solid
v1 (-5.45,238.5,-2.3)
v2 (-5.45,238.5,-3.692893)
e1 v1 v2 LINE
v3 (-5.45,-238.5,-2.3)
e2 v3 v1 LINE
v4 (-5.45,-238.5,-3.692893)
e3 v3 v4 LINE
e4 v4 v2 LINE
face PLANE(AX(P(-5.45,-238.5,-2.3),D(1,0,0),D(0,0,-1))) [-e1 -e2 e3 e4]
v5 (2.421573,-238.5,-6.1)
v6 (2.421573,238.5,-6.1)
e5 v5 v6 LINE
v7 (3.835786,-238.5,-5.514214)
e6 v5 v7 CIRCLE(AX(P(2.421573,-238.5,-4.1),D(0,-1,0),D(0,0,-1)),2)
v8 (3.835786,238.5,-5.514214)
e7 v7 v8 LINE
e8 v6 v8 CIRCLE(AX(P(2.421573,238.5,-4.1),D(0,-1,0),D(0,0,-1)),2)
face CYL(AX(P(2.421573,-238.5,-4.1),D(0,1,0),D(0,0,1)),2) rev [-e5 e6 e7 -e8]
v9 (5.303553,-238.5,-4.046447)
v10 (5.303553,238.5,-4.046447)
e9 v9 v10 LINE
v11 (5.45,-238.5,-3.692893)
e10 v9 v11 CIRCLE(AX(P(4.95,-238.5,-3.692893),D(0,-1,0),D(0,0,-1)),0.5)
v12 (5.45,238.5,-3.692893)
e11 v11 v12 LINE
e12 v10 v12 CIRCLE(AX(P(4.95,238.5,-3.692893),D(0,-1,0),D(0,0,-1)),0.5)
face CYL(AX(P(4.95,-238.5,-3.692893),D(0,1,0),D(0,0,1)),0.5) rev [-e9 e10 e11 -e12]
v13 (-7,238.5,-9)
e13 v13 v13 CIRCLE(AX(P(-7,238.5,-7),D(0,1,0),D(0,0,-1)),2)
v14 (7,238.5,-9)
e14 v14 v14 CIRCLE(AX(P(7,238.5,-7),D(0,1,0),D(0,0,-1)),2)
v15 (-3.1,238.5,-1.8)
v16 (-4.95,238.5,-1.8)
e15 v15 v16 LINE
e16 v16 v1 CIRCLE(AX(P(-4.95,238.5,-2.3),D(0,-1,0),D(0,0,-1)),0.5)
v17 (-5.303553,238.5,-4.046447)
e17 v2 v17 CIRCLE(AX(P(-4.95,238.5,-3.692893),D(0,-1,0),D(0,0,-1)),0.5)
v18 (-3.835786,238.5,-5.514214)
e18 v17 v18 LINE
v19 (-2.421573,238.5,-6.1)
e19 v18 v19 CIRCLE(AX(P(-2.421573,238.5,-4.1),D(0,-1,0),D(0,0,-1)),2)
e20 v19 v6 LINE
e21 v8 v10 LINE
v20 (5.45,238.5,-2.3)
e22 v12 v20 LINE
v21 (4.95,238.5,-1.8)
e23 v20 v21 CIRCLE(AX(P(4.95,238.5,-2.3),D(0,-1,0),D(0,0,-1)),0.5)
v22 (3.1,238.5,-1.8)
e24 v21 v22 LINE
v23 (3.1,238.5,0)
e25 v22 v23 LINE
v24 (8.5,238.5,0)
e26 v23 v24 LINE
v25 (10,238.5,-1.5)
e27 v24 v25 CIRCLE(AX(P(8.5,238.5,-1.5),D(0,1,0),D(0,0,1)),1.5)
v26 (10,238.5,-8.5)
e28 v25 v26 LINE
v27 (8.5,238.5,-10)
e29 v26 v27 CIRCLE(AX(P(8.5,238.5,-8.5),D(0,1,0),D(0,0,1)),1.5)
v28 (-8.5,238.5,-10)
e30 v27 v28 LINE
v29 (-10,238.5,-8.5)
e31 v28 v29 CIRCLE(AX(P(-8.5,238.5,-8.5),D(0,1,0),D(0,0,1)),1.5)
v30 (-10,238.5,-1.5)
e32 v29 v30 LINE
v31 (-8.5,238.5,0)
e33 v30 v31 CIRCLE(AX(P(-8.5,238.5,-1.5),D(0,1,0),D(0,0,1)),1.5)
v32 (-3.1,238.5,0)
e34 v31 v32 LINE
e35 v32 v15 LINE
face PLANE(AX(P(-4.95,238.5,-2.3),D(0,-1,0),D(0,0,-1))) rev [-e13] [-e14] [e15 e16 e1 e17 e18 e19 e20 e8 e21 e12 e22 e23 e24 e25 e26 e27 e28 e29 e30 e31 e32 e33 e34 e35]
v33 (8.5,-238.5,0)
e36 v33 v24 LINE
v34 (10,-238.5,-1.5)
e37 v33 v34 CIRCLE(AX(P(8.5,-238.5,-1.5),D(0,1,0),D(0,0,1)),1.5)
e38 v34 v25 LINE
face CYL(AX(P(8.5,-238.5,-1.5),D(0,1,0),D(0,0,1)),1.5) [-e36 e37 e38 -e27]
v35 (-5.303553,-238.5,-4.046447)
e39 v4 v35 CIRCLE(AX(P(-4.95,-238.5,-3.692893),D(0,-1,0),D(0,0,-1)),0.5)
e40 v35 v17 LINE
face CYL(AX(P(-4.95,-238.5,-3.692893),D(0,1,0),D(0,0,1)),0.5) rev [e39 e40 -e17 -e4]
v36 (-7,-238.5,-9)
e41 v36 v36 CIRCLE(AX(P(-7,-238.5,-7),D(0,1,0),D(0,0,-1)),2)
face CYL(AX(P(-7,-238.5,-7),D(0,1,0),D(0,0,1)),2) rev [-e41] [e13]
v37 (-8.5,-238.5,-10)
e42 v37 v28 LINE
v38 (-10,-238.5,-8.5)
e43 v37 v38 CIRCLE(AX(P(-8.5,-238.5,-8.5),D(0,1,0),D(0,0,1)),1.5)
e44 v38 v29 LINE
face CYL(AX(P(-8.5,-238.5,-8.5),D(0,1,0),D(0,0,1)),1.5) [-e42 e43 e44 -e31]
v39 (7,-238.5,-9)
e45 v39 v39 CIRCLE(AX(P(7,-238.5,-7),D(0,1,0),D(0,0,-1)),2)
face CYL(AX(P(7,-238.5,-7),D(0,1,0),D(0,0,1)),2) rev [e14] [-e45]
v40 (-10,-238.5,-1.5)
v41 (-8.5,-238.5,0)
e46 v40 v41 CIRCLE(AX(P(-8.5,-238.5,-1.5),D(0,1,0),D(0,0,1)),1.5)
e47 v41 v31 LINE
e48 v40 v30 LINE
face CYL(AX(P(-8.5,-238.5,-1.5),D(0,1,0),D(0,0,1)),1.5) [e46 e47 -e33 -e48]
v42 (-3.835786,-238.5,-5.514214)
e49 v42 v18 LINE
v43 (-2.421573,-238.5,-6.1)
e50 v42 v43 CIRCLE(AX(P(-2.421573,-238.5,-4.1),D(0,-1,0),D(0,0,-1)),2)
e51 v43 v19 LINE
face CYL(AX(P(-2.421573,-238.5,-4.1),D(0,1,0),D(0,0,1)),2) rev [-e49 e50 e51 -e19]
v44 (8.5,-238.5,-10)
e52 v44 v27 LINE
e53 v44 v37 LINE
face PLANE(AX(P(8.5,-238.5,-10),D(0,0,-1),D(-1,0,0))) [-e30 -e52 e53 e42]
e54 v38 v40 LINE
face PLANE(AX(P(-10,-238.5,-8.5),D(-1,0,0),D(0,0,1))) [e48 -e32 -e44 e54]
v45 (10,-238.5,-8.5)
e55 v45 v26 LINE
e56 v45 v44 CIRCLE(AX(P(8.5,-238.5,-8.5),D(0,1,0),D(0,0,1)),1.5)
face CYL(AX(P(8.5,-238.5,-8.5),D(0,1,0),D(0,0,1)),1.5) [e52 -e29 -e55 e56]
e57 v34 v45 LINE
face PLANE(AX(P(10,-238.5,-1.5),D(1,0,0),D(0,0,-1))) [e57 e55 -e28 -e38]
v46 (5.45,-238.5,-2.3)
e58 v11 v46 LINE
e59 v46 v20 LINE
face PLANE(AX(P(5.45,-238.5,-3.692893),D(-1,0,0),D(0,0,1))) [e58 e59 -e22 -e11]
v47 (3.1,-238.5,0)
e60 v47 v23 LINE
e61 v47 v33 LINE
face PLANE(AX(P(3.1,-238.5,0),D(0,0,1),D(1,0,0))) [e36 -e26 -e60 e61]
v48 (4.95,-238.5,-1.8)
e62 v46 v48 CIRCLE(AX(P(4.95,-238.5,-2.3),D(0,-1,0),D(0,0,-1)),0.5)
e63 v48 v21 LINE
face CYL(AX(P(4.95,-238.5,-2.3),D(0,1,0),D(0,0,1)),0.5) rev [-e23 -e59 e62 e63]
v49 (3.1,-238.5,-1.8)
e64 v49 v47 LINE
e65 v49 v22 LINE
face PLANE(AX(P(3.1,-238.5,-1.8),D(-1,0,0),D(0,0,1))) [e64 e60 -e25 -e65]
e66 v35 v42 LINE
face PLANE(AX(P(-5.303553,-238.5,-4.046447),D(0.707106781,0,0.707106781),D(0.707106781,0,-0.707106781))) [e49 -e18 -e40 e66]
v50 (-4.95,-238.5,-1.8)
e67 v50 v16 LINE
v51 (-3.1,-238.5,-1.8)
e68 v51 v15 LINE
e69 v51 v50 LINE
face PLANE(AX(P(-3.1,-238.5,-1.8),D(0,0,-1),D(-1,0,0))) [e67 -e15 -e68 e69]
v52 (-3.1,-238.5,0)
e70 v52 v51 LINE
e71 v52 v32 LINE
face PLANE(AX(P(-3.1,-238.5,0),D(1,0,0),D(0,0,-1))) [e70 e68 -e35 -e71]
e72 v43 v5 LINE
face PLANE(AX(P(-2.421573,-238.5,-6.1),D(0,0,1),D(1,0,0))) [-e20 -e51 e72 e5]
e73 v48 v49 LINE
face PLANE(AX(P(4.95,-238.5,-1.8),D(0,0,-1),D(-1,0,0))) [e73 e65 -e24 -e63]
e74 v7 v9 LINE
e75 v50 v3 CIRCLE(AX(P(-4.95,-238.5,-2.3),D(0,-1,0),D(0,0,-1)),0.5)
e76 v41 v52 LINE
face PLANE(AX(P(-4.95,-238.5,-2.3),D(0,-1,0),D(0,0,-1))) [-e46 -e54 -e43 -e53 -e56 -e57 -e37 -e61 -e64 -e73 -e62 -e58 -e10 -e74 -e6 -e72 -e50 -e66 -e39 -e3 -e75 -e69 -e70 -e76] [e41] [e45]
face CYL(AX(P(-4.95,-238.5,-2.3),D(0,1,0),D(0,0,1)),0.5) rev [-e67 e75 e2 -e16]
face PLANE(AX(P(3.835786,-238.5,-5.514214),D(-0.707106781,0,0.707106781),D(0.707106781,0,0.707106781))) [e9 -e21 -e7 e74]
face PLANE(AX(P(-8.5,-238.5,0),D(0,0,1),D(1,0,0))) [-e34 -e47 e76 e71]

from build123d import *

# Parameters (mm, degrees)
SKETCH1_R           = 2
BOSS_EXTRUDE1_DEPTH = 477


with BuildPart() as part:
    # Sketch1 → Boss-Extrude1 (new body)
    with BuildSketch(Plane(origin=(0, 238.5, 0), x_dir=(1, 0, 0), z_dir=(0, 1, 0))):
        with BuildLine():
            Line((-3.1, 1.8), (-4.95, 1.8))
            ThreePointArc((-4.95, 1.8), (-5.303553391, 1.946446609), (-5.45, 2.3))
            Line((-5.45, 2.3), (-5.45, 3.692893219))
            ThreePointArc((-5.45, 3.692893219), (-5.411939766, 3.884234935), (-5.303553391, 4.046446609))
            Line((-5.303553391, 4.046446609), (-3.835786438, 5.514213562))
            ThreePointArc((-3.835786438, 5.514213562), (-3.18693974, 5.947759065), (-2.421572875, 6.1))
            Line((-2.421572875, 6.1), (2.421572875, 6.1))
            ThreePointArc((2.421572875, 6.1), (3.18693974, 5.947759065), (3.835786438, 5.514213562))
            Line((3.835786438, 5.514213562), (5.303553391, 4.046446609))
            ThreePointArc((5.303553391, 4.046446609), (5.411939766, 3.884234935), (5.45, 3.692893219))
            Line((5.45, 3.692893219), (5.45, 2.3))
            ThreePointArc((5.45, 2.3), (5.303553391, 1.946446609), (4.95, 1.8))
            Line((4.95, 1.8), (3.1, 1.8))
            Line((3.1, 1.8), (3.1, 0))
            Line((3.1, 0), (8.5, 0))
            ThreePointArc((8.5, 0), (9.560660172, 0.439339828), (10, 1.5))
            Line((10, 1.5), (10, 8.5))
            ThreePointArc((10, 8.5), (9.560660172, 9.560660172), (8.5, 10))
            Line((8.5, 10), (-8.5, 10))
            ThreePointArc((-8.5, 10), (-9.560660172, 9.560660172), (-10, 8.5))
            Line((-10, 8.5), (-10, 1.5))
            ThreePointArc((-10, 1.5), (-9.560660172, 0.439339828), (-8.5, 0))
            Line((-8.5, 0), (-3.1, 0))
            Line((-3.1, 0), (-3.1, 1.8))
        make_face()
        with Locations((-7, 7)):
            Circle(SKETCH1_R, mode=Mode.SUBTRACT)
        with Locations((7, 7)):
            Circle(SKETCH1_R, mode=Mode.SUBTRACT)
    extrude(amount=-BOSS_EXTRUDE1_DEPTH)


solid = part.part
